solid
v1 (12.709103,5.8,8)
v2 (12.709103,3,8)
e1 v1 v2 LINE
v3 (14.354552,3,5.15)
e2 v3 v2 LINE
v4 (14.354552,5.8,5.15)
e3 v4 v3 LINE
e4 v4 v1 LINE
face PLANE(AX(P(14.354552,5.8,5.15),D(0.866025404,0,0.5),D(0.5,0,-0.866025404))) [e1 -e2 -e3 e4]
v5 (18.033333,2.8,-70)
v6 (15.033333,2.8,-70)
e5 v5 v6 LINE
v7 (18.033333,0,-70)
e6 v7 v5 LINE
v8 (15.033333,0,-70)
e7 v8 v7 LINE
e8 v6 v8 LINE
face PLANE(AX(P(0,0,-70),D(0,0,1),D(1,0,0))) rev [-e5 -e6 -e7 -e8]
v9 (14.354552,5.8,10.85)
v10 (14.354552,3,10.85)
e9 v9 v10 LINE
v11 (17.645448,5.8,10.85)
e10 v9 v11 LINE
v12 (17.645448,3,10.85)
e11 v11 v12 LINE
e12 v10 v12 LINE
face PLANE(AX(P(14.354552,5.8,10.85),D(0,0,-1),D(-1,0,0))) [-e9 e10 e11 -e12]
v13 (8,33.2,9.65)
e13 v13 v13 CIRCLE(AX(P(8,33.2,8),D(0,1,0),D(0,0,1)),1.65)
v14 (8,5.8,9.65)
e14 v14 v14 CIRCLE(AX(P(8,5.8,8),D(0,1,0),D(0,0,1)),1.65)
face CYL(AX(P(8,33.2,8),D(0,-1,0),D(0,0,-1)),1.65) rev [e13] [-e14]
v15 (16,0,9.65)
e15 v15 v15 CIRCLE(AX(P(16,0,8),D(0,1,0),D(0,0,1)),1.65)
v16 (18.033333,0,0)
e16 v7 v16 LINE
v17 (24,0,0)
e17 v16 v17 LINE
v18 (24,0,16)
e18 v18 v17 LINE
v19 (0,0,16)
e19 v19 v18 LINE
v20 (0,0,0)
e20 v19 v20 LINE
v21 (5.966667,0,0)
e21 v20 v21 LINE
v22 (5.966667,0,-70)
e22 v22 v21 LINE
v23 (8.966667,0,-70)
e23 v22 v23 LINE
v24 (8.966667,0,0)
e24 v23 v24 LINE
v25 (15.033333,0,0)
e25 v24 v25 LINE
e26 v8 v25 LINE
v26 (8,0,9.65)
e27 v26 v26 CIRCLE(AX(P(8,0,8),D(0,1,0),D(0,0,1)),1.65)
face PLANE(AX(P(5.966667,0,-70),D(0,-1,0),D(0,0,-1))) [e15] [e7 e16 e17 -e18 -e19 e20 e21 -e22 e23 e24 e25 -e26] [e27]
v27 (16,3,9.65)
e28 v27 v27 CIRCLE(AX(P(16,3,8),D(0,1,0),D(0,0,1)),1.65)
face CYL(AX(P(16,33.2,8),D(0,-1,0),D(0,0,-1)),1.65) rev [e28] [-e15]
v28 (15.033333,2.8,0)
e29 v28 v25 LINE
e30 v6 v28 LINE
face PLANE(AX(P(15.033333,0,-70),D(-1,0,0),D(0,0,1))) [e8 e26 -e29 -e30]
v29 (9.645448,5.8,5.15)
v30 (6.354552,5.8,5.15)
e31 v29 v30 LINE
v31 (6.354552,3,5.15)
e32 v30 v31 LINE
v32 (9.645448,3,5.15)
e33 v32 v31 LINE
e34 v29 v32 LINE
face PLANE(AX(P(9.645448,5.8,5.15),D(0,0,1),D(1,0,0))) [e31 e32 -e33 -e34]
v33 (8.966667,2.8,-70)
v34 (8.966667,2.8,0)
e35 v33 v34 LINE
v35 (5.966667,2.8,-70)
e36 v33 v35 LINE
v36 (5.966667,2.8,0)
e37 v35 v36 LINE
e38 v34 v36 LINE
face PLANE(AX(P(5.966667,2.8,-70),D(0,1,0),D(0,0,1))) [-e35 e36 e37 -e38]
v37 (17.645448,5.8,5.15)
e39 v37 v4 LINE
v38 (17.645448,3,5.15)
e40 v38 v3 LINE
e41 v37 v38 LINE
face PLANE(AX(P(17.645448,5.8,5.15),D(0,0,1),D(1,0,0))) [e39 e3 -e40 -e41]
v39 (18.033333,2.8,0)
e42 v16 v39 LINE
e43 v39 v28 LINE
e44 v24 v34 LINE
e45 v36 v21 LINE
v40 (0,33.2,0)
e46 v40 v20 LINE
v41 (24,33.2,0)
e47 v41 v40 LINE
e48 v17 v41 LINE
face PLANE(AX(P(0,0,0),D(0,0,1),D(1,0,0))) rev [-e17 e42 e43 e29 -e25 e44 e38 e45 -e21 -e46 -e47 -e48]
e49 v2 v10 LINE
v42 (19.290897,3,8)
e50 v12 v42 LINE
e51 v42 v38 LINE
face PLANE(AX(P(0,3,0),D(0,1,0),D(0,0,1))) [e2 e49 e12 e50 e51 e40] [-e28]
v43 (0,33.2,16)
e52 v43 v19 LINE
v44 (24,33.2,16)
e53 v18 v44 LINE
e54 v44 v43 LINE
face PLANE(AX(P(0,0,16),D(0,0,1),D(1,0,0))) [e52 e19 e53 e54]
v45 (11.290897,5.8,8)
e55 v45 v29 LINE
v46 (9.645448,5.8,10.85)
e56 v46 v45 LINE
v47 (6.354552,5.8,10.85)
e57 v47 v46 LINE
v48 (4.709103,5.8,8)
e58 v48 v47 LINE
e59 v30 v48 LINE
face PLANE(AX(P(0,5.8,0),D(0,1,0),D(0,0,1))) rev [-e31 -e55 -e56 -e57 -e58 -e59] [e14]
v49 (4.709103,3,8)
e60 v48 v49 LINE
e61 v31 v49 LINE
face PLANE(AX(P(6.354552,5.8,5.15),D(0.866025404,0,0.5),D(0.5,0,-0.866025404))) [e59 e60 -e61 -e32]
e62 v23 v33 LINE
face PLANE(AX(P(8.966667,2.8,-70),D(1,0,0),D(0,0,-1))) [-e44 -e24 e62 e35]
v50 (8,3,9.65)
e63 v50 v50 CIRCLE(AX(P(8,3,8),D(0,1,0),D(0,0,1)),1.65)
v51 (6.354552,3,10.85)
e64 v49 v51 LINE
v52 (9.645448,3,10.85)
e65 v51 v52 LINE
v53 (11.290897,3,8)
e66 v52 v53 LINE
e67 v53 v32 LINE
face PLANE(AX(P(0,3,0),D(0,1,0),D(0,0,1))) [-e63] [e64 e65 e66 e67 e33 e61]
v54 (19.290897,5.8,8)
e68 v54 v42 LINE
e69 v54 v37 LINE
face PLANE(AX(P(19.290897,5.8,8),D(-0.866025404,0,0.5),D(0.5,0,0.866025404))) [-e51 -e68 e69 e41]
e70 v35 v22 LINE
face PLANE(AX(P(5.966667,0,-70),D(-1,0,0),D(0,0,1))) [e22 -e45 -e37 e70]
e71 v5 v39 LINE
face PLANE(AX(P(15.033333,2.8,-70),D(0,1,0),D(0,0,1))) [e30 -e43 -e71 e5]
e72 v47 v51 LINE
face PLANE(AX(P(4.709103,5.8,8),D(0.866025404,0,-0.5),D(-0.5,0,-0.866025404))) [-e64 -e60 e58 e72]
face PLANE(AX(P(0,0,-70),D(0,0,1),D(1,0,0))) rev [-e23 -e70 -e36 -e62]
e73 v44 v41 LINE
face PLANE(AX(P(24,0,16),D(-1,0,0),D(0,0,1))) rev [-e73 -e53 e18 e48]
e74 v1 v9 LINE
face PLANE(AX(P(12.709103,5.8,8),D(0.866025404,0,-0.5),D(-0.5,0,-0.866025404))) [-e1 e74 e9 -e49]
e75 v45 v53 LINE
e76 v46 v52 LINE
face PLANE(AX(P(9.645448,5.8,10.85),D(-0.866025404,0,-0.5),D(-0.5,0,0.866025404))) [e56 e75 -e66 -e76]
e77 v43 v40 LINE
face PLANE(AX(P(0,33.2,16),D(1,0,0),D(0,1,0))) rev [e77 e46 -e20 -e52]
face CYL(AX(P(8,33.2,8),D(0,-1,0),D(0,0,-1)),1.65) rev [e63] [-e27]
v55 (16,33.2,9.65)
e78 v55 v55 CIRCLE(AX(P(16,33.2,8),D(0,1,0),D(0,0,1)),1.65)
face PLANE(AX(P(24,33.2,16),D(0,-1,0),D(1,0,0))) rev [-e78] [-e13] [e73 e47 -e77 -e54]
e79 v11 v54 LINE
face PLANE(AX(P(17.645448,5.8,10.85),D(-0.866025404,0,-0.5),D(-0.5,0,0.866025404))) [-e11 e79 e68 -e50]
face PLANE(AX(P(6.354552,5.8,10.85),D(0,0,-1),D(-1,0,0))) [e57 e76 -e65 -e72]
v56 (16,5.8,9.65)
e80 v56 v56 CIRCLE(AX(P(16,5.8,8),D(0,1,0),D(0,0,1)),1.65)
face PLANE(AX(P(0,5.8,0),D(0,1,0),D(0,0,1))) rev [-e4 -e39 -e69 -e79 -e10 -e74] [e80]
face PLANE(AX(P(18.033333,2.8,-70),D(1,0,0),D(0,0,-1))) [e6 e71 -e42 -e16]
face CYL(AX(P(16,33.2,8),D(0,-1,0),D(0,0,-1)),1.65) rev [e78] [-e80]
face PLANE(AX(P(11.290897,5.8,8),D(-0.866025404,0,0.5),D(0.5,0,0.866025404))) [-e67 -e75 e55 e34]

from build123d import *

# Parameters (mm, degrees)
SKETCH2_W             = 3
SKETCH2_H             = 2.8
BOSS_EXTRUDE1_DEPTH   = 70
BOSS_EXTRUDE1_2_DEPTH = 70
SKETCH3_W             = 24
SKETCH3_H             = 33.2
BOSS_EXTRUDE2_DEPTH   = 16
SKETCH4_R             = 1.65
CUT_EXTRUDE1_DEPTH    = 34.2
CUT_EXTRUDE2_START    = 3
CUT_EXTRUDE2_DEPTH    = 2.8


with BuildPart() as part:
    # Sketch2 → Boss-Extrude1 (new body)
    with BuildSketch(Plane.XY):
        with Locations((7.466666667, 1.4)):
            Rectangle(SKETCH2_W, SKETCH2_H)
    extrude(amount=-BOSS_EXTRUDE1_DEPTH)



with BuildPart() as body_2:
    # Sketch2 → Boss-Extrude1 2 (new body)
    with BuildSketch(Plane.XY):
        with Locations((16.533333333, 1.4)):
            Rectangle(SKETCH2_W, SKETCH2_H)
    extrude(amount=-BOSS_EXTRUDE1_2_DEPTH)


with BuildPart() as part_1:
    add(part.part)

    add(body_2.part)  # Boss-Extrude2 merges body 2
    # Sketch3 → Boss-Extrude2 (add)
    with BuildSketch(Plane.XY):
        with Locations((12, 16.6)):
            Rectangle(SKETCH3_W, SKETCH3_H)
    extrude(amount=BOSS_EXTRUDE2_DEPTH)

    # Sketch4 → Cut-Extrude1 (cut, through all)
    with BuildSketch(Plane(origin=(0, 0, 0), x_dir=(1, 0, 0), z_dir=(0, 1, 0))):
        with Locations((8, -8)):
            Circle(SKETCH4_R)
        with Locations((16, -8)):
            Circle(SKETCH4_R)
    extrude(amount=CUT_EXTRUDE1_DEPTH, mode=Mode.SUBTRACT)

    # Sketch5 → Cut-Extrude2 (cut)
    with BuildSketch(Plane(origin=(0, 0, 0), x_dir=(1, 0, 0), z_dir=(0, 1, 0)).offset(CUT_EXTRUDE2_START)):
        Polygon((11.290896534, -8), (9.645448267, -5.15), (6.354551733, -5.15), (4.709103466, -8), (6.354551733, -10.85), (9.645448267, -10.85), align=None)
        Polygon((19.290896534, -8), (17.645448267, -5.15), (14.354551733, -5.15), (12.709103466, -8), (14.354551733, -10.85), (17.645448267, -10.85), align=None)
    extrude(amount=CUT_EXTRUDE2_DEPTH, mode=Mode.SUBTRACT)


solid = part_1.part
